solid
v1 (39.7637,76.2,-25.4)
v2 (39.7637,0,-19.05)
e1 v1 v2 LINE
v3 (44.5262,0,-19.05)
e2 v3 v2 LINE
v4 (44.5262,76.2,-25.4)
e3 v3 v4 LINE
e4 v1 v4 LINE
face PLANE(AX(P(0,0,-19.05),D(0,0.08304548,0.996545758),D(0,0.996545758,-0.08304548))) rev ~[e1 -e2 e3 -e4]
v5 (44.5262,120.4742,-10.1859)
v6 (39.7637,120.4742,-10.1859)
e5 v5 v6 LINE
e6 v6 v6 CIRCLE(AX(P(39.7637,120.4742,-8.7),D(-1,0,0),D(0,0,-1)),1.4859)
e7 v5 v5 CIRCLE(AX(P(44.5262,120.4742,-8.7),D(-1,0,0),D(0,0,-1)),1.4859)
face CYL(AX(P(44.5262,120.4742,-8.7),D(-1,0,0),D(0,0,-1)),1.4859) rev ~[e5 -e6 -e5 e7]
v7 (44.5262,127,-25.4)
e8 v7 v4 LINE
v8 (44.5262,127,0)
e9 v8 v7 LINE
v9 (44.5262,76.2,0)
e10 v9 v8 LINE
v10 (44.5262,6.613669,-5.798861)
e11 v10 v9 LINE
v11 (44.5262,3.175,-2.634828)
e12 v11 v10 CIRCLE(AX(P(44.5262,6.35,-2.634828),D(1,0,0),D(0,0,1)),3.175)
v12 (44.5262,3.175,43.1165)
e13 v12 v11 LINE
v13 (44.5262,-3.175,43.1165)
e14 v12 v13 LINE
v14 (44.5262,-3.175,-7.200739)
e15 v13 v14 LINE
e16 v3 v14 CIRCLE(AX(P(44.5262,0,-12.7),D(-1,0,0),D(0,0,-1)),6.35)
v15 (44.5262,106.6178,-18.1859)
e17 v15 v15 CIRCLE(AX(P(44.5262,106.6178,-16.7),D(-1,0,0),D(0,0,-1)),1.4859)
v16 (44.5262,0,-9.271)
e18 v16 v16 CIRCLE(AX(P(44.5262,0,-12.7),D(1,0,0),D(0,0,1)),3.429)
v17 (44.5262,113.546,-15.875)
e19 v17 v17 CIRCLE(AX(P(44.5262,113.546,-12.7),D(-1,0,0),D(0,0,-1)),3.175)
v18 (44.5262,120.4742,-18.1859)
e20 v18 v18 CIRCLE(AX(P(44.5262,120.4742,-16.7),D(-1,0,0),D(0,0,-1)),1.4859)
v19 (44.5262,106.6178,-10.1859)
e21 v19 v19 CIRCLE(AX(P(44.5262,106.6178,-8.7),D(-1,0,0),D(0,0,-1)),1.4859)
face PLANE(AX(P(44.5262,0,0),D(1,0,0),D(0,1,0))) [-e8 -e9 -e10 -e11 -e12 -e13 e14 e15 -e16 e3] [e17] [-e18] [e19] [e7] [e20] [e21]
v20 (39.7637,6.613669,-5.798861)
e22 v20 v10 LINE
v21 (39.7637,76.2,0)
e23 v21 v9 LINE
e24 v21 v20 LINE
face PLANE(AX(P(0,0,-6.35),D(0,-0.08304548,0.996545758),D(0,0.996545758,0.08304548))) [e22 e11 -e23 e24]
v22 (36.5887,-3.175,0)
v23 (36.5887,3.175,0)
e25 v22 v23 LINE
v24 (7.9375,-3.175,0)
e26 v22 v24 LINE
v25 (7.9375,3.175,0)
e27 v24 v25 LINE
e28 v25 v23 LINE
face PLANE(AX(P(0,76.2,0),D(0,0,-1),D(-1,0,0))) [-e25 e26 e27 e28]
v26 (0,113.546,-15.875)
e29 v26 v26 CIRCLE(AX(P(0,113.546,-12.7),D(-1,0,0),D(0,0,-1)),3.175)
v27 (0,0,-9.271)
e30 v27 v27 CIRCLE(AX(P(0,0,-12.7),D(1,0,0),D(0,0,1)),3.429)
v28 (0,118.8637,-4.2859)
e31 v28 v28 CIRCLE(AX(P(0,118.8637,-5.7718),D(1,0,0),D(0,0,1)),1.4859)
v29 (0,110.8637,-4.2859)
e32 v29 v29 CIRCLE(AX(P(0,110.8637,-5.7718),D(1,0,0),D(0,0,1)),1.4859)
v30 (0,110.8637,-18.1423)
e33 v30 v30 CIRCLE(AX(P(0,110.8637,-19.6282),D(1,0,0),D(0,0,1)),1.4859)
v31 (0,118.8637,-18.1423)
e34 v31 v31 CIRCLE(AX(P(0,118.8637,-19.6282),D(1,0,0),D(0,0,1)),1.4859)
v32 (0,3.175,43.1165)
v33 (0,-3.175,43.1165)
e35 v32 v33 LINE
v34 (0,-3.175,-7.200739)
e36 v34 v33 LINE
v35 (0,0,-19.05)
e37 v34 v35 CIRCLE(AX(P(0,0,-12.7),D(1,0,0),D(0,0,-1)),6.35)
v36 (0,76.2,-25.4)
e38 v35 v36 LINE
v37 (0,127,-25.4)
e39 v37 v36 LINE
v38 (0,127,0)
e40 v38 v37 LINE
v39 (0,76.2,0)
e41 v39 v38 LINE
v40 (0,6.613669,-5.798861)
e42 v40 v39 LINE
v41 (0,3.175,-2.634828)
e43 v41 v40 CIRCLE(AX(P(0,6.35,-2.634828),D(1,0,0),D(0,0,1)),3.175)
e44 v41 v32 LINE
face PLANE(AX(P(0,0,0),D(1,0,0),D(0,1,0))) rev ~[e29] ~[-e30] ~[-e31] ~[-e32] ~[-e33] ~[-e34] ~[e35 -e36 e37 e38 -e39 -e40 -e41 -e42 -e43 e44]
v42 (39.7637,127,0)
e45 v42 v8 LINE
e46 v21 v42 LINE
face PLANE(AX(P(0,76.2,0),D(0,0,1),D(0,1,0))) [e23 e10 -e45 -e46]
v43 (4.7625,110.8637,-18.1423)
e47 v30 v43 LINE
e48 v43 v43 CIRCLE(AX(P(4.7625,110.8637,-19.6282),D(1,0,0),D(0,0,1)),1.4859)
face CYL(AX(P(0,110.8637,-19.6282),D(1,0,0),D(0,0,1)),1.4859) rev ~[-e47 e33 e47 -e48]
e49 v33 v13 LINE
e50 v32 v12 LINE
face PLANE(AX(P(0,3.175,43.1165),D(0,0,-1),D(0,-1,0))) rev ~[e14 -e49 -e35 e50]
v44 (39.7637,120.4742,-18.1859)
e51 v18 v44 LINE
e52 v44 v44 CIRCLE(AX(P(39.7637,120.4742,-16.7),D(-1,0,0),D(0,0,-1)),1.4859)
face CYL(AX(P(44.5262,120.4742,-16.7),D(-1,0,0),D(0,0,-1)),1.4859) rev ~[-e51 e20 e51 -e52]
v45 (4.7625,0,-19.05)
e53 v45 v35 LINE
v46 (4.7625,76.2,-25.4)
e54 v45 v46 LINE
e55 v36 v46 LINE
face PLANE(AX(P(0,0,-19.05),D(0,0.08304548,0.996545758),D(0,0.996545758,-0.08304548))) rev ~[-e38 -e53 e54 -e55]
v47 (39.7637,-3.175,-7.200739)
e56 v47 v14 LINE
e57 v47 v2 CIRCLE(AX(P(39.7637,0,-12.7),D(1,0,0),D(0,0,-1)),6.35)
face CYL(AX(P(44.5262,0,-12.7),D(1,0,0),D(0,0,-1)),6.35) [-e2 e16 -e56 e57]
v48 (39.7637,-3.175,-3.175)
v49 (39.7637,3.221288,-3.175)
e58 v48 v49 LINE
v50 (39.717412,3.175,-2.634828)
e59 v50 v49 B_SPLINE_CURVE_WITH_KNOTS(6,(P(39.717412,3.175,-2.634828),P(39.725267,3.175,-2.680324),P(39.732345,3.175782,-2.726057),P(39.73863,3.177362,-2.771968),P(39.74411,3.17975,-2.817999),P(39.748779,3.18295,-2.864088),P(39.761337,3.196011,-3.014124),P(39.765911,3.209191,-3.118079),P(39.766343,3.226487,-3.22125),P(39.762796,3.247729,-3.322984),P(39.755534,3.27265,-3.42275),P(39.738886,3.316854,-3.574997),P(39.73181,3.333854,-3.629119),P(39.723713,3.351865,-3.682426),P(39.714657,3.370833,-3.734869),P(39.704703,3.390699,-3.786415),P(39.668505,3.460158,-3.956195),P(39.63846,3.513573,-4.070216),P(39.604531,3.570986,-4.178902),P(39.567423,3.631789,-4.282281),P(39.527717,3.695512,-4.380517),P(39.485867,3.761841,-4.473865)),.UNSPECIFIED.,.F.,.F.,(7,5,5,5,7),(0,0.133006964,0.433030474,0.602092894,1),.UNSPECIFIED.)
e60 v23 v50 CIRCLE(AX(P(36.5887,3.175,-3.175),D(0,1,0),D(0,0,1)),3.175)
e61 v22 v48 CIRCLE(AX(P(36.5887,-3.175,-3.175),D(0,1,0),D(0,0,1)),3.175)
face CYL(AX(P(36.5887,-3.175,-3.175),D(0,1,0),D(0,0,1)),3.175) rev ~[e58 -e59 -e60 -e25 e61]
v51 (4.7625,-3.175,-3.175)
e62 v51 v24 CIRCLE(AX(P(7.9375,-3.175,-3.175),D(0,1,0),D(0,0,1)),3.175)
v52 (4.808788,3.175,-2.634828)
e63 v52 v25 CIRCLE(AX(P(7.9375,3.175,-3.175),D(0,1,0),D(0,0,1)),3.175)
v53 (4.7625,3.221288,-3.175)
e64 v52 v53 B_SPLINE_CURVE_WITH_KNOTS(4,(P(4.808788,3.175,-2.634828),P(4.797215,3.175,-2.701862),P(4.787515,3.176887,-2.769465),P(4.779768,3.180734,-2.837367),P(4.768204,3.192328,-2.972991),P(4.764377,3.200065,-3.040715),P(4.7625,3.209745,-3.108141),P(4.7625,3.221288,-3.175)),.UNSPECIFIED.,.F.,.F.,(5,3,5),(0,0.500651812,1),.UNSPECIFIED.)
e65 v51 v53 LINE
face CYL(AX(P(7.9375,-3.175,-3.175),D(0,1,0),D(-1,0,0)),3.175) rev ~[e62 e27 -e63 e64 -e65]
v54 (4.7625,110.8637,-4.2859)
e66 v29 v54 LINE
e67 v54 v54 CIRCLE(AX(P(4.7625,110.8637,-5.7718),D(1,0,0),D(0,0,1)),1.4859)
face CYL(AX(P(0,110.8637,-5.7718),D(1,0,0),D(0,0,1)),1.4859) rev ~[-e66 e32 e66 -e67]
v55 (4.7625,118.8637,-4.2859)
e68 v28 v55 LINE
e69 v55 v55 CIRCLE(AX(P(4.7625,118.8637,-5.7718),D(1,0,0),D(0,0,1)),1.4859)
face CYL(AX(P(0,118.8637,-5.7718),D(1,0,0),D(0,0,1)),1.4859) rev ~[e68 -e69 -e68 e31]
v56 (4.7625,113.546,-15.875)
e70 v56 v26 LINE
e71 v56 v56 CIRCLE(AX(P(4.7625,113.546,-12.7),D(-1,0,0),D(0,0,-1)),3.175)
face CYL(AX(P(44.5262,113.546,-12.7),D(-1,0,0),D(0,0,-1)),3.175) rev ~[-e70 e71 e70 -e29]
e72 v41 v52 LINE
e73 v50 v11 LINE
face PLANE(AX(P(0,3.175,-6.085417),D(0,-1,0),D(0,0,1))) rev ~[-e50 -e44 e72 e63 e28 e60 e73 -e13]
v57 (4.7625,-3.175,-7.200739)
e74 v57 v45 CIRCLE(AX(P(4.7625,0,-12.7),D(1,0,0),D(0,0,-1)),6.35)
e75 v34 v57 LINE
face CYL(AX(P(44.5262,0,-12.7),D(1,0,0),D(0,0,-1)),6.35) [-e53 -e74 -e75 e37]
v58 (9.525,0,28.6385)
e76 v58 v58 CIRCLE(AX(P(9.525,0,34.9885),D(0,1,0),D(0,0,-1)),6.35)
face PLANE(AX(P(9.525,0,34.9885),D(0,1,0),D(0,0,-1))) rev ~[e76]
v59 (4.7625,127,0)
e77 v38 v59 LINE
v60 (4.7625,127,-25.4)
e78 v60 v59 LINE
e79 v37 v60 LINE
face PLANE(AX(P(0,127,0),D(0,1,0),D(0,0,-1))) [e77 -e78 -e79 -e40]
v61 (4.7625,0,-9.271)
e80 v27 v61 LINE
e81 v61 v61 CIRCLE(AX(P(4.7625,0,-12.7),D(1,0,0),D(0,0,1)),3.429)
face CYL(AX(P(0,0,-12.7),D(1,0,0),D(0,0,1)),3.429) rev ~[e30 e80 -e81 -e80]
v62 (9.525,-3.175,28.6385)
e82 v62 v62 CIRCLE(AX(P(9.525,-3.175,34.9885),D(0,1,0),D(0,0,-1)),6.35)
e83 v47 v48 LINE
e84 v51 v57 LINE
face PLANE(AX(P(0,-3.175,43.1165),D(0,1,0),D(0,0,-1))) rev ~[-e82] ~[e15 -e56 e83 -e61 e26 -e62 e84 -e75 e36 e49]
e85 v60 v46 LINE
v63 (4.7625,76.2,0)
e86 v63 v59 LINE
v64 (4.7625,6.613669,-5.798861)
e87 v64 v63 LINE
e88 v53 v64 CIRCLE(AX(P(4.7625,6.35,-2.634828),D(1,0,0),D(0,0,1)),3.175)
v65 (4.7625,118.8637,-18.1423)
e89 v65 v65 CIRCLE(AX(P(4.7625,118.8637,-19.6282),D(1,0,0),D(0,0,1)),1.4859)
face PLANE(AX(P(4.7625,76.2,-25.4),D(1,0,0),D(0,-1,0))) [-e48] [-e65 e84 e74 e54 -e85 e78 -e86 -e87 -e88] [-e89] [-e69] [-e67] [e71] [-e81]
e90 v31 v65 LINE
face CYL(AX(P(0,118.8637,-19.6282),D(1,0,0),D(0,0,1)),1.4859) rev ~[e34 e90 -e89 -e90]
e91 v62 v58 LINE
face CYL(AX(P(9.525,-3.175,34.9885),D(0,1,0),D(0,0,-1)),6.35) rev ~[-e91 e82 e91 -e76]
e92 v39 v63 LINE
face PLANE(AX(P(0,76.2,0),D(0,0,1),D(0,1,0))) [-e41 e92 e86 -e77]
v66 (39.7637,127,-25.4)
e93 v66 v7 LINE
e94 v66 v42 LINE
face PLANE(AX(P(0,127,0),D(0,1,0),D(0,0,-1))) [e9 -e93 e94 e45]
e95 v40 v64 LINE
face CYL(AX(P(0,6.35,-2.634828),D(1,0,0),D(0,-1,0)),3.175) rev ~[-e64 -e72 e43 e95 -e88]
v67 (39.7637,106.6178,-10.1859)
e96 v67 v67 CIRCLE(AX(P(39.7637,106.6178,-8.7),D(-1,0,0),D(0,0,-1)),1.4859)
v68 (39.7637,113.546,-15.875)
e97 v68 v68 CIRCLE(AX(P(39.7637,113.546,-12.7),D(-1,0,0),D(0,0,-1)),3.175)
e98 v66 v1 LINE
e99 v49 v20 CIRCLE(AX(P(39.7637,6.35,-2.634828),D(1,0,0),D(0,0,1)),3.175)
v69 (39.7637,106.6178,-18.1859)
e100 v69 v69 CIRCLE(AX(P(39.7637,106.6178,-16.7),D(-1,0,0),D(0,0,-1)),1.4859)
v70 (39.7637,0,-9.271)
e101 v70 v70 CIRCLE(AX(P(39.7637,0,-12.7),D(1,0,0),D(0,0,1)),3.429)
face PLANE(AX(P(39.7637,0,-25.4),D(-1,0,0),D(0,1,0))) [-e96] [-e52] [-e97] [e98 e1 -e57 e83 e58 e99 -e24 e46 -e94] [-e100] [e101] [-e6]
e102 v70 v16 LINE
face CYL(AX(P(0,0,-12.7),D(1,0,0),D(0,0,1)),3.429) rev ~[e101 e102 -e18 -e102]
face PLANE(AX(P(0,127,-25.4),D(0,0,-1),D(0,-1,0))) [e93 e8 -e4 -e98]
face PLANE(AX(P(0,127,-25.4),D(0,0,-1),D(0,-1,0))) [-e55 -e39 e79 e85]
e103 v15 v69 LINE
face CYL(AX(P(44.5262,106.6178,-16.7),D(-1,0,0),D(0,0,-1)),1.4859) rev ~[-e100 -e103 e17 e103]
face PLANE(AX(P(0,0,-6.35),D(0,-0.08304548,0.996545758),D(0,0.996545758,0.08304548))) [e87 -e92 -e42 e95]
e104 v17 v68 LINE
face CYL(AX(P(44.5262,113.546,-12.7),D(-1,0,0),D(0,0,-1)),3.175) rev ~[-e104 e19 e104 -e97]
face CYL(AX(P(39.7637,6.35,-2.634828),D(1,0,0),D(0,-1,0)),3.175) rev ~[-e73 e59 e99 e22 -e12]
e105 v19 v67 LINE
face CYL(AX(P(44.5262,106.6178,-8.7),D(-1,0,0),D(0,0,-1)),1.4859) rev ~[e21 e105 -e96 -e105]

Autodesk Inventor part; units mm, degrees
ref_plane "YZ Plane" through (0, 0, 0) normal (1, 0, 0) x (0, 1, 0)
ref_plane "XZ Plane" through (0, 0, 0) normal (0, 1, 0) x (-1, 0, 0)
ref_plane "XY Plane" through (0, 0, 0) normal (0, 0, 1) x (1, 0, 0)
sketch "Sketch1" plane through (0, 0, 0) normal (1, 0, 0) x (0, 1, 0)
  line L0 (0, 0) -> (127, 0)
  line L1 (127, 0) -> (127, -25.4)
  line L2 (127, -25.4) -> (0, -25.4)
  line L3 (0, -25.4) -> (0, 0)
  line L4 (0, -6.35) -> (0, -19.05)
  line L5 (0, -6.35) -> (76.2, 0)
  line L6 (0, -19.05) -> (76.2, -25.4)
  dimension "d0" = 127
  dimension "d1" = 25.4
  dimension "d18" = 12.7
  dimension "d19" = 6.35
  dimension "d20" = 50.8
  dimension "d21" = 50.8
ref_plane "Work Plane1" through (44.5262, 0, 0) normal (1, 0, 0) x (0, 0, -1)
sketch "Sketch2" plane through (44.5262, 0, 0) normal (1, 0, 0) x (0, 0, -1)
  line L0 (0, 127) -> (0, 0) projected
  line L1 (0, 0) -> (25.4, 0) projected
  line L2 (25.4, 0) -> (25.4, 127) projected
  line L3 (25.4, 127) -> (0, 127) projected
  line L4 (0, 0) -> (25.4, 0) projected
  circle A0 centre (12.7, 0) radius 6.35
  dimension "d5" = 25.4
  dimension "d6" = 12.7
  dimension "d7" = 12.7
  dimension "d8" = 0
extrude "Extrusion2" add sketch "Sketch2" against normal blind 44.5262 contours A0 L1 | L1 A0
ref_plane "Work Plane2" through (44.5262, 0, 0) normal (1, 0, 0) x (0, 0, -1)
extrude "Extrusion3" add sketch "Sketch1" along normal blind 44.5262 contours L0 L1 L2 L6 L3 L5
sketch "Sketch4" plane through (0, 0, 0) normal (-1, 0, 0) x (0, 0, 1)
  arc A0 (-19.05, 0) -> (-6.35, 0) centre (-12.7, 0) ccw projected
  line L0 (0, 76.2) -> (-6.35, 0) projected
  line L1 (0, 127) -> (0, 76.2) projected
  line L2 (-25.4, 127) -> (0, 127) projected
  line L3 (-25.4, 76.2) -> (-25.4, 127) projected
  line L4 (-19.05, 0) -> (-25.4, 76.2) projected
  point P0 (0, 0)
hole "Hole2" at (0, 0, -12.7) direction (1, 0, 0) diameter 6.858 end through all
sketch "Sketch5" plane through (0, 0, 0) normal (-1, 0, 0) x (0, 0, 1)
  circle A0 centre (-12.7, 0) radius 3.429 projected
  line L0 (0, 76.2) -> (-6.35, 0) projected
  line L1 (0, 127) -> (0, 76.2) projected
  line L2 (-25.4, 127) -> (0, 127) projected
  line L3 (-25.4, 76.2) -> (-25.4, 127) projected
  line L4 (-19.05, 0) -> (-25.4, 76.2) projected
  line L5 (-7.6835, 3.175) -> (43.1165, 3.175)
  line L6 (43.1165, 3.175) -> (43.1165, -3.175)
  line L7 (43.1165, -3.175) -> (-7.6835, -3.175)
  line L8 (-7.6835, -3.175) -> (-7.6835, 3.175)
  arc A1 (-19.05, 0) -> (-6.35, 0) centre (-12.7, 0) ccw projected
  point P0 (0, 0)
  dimension "d31" = 50.8
  dimension "d32" = 6.35
  dimension "d35" = 127
  dimension "d36" = 123.825
  dimension "d95" = 6.858
  dimension "d96" = 5.0165
extrude "Extrusion4" add sketch "Sketch5" against normal blind 44.5262 contours L5 L6 L7 A1 L0 | L0 A1 L7 L8 L5
sketch "Sketch8" plane through (0, 76.2, -25.4) normal (0, 0, -1) x (-1, 0, 0)
  line L0 (0, 0) -> (0, 50.8) projected
  line L1 (0, 50.8) -> (-44.5262, 50.8) projected
  line L2 (-44.5262, 0) -> (-44.5262, 50.8) projected
  line L3 (0, 0) -> (-44.5262, 0) projected
  line L4 (0, -76.2) -> (0, 0) projected
  line L5 (0, 0) -> (-44.5262, 0) projected
  line L6 (-44.5262, -76.2) -> (-44.5262, 0) projected
  line L7 (0, 50.8) -> (-44.5262, 50.8) projected
  line L8 (-39.7637, 50.8) -> (-4.7625, 50.8)
  line L9 (-4.7625, 50.8) -> (-4.7625, -98.425)
  line L10 (-4.7625, -98.425) -> (-39.7637, -98.425)
  line L11 (-39.7637, -98.425) -> (-39.7637, 50.8)
  line L12 (0, -76.2) -> (-44.5262, -76.2) projected
  point P0 (0, -76.2)
  dimension "d41" = 44.5262
  dimension "d43" = 35.0012
  dimension "d44" = 4.7625
  dimension "d45" = 149.225
extrude "Extrusion5" cut sketch "Sketch8" against normal blind 25.4 contours L9 L12 L11 L3 | L3 L11 L1 L9 | L9 L10 L11 L12
fillet "Fillet1" radius 3.175 2 edges at (39.7637, 0, 0) (4.7625, 0, 0)
fillet "Fillet2" radius 3.175 2 edges at (2.3812, 3.175, -6.0854) (42.1449, 3.175, -6.0854)
sketch "Sketch9" plane through (0, 0, 0) normal (-1, 0, 0) x (0, 0, 1)
  line L0 (0, 76.2) -> (-5.7989, 6.6137) projected
  line L1 (0, 127) -> (0, 76.2) projected
  line L2 (-25.4, 127) -> (0, 127) projected
  line L3 (-25.4, 76.2) -> (-25.4, 127) projected
  line L4 (-19.05, 0) -> (-25.4, 76.2) projected
  circle A0 centre (-12.7, 0) radius 3.429 projected
  circle A1 centre (-12.7, 114.8637) radius 8
  line L5 (-19.6282, 118.8637) -> (-5.7718, 118.8637)
  line L6 (-5.7718, 118.8637) -> (-5.7718, 110.8637)
  line L7 (-5.7718, 110.8637) -> (-19.6282, 110.8637)
  line L8 (-19.6282, 110.8637) -> (-19.6282, 118.8637)
  arc A2 (-19.05, 0) -> (-7.2007, -3.175) centre (-12.7, 0) ccw projected
  line L9 (43.1165, -3.175) -> (-7.2007, -3.175) projected
  line L10 (43.1165, 3.175) -> (43.1165, -3.175) projected
  line L11 (-2.6348, 3.175) -> (43.1165, 3.175) projected
  arc A3 (-5.7989, 6.6137) -> (-2.6348, 3.175) centre (-2.6348, 6.35) ccw projected
  point P0 (0, 0)
  dimension "d50" = 16
  dimension "d51" = 25.4
  dimension "d52" = 12.7
  dimension "d53" = 8
  dimension "d54" = 4
hole "Hole3" at (0, 118.8637, -19.6282) at (0, 110.8637, -19.6282) at (0, 118.8637, -5.7718) at (0, 110.8637, -5.7718) direction (1, 0, 0) diameter 2.9718 depth 25.4 tip angle 118
sketch "Sketch10" plane through (44.5262, 0, 0) normal (1, 0, 0) x (0, 0, -1)
  line L0 (19.05, 0) -> (25.4, 76.2) projected
  line L1 (25.4, 76.2) -> (25.4, 127) projected
  line L2 (25.4, 127) -> (0, 127) projected
  line L3 (0, 127) -> (0, 76.2) projected
  line L4 (0, 76.2) -> (5.7989, 6.6137) projected
  circle A0 centre (12.7, 0) radius 3.429 projected
  circle A1 centre (12.7, 113.546) radius 8
  line L5 (16.7, 106.6178) -> (8.7, 106.6178)
  line L6 (8.7, 106.6178) -> (8.7, 120.4742)
  line L7 (8.7, 120.4742) -> (16.7, 120.4742)
  line L8 (16.7, 120.4742) -> (16.7, 106.6178)
  arc A2 (7.2007, -3.175) -> (19.05, 0) centre (12.7, 0) ccw projected
  arc A3 (2.6348, 3.175) -> (5.7989, 6.6137) centre (2.6348, 6.35) ccw projected
  line L9 (2.6348, 3.175) -> (-43.1165, 3.175) projected
  line L10 (-43.1165, 3.175) -> (-43.1165, -3.175) projected
  line L11 (-43.1165, -3.175) -> (7.2007, -3.175) projected
  point P0 (0, 0)
  dimension "d62" = 16
  dimension "d63" = 25.4
  dimension "d64" = 12.7
  dimension "d65" = 8
  dimension "d66" = 4
hole "Hole4" at (44.5262, 106.6178, -16.7) at (44.5262, 106.6178, -8.7) at (44.5262, 120.4742, -8.7) at (44.5262, 120.4742, -16.7) direction (-1, 0, 0) diameter 2.9718 depth 25.4 tip angle 118
sketch "Sketch11" plane through (0, -3.175, -7.2007) normal (0, -1, 0) x (1, 0, 0)
  line L0 (4.7625, 0) -> (4.7625, 4.0257) projected
  arc A0 (7.9375, 7.2007) -> (4.7625, 4.0257) centre (7.9375, 4.0257) ccw projected
  line L1 (7.9375, 7.2007) -> (36.5887, 7.2007) projected
  arc A1 (39.7637, 4.0257) -> (36.5887, 7.2007) centre (36.5887, 4.0257) ccw projected
  line L2 (39.7637, 4.0257) -> (39.7637, 0) projected
  line L3 (44.5262, 50.3172) -> (44.5262, 0) projected
  line L4 (0, 50.3172) -> (44.5262, 50.3172) projected
  line L5 (0, 50.3172) -> (0, 0) projected
  line L6 (44.5262, 0) -> (39.7637, 0) projected
  line L7 (4.7625, 0) -> (0, 0) projected
  point P0 (0, 7.2007)
  point P1 (9.525, 42.1892)
  dimension "d74" = 8.128
  dimension "d75" = 44.5262
  dimension "d97" = 9.525
hole "Hole5" at (9.525, -3.175, 34.9885) direction (0, 1, 0) diameter 12.7 depth 3.175
sketch "Sketch12" plane through (44.5262, 0, 0) normal (1, 0, 0) x (0, 0, -1)
  circle A0 centre (8.7, 120.4742) radius 1.4859 projected
  circle A1 centre (16.7, 106.6178) radius 1.4859 projected
  circle A2 centre (8.7, 106.6178) radius 1.4859 projected
  circle A3 centre (16.7, 120.4742) radius 1.4859 projected
  line L0 (19.05, 0) -> (25.4, 76.2) projected
  line L1 (25.4, 76.2) -> (25.4, 127) projected
  line L2 (25.4, 127) -> (0, 127) projected
  line L3 (0, 127) -> (0, 76.2) projected
  line L4 (0, 76.2) -> (5.7989, 6.6137) projected
  circle A4 centre (12.7, 0) radius 3.429 projected
  arc A5 (7.2007, -3.175) -> (19.05, 0) centre (12.7, 0) ccw projected
  arc A6 (2.6348, 3.175) -> (5.7989, 6.6137) centre (2.6348, 6.35) ccw projected
  line L5 (2.6348, 3.175) -> (-43.1165, 3.175) projected
  line L6 (-43.1165, 3.175) -> (-43.1165, -3.175) projected
  line L7 (-43.1165, -3.175) -> (7.2007, -3.175) projected
  point P0 (0, 0)
  point P1 (12.7, 113.546)
  dimension "d84" = 25.4
  dimension "d85" = 12.7
  dimension "d86" = 13.8564
  dimension "d87" = 6.9282
hole "Hole6" at (44.5262, 113.546, -12.7) direction (-1, 0, 0) diameter 6.35 end through all
equation "\"d19\" = -0.5 * d18 + 0.5 * d1"
equation "\"d21\" = d20"
equation "\"d7\" = 0.5 * d5"
equation "\"d36\" = d35 - 0.5 * d32"
equation "\"d44\" = -0.5 * d43 + 0.5 * d41"
equation "\"d52\" = 0.5 * d51"
equation "\"d54\" = 0.5 * d53"
equation "\"d64\" = 0.5 * d63"
equation "\"d66\" = 0.5 * d65"
equation "\"d87\" = 0.5 * d86"
properties part number "WheelIntakeMount3.0"
